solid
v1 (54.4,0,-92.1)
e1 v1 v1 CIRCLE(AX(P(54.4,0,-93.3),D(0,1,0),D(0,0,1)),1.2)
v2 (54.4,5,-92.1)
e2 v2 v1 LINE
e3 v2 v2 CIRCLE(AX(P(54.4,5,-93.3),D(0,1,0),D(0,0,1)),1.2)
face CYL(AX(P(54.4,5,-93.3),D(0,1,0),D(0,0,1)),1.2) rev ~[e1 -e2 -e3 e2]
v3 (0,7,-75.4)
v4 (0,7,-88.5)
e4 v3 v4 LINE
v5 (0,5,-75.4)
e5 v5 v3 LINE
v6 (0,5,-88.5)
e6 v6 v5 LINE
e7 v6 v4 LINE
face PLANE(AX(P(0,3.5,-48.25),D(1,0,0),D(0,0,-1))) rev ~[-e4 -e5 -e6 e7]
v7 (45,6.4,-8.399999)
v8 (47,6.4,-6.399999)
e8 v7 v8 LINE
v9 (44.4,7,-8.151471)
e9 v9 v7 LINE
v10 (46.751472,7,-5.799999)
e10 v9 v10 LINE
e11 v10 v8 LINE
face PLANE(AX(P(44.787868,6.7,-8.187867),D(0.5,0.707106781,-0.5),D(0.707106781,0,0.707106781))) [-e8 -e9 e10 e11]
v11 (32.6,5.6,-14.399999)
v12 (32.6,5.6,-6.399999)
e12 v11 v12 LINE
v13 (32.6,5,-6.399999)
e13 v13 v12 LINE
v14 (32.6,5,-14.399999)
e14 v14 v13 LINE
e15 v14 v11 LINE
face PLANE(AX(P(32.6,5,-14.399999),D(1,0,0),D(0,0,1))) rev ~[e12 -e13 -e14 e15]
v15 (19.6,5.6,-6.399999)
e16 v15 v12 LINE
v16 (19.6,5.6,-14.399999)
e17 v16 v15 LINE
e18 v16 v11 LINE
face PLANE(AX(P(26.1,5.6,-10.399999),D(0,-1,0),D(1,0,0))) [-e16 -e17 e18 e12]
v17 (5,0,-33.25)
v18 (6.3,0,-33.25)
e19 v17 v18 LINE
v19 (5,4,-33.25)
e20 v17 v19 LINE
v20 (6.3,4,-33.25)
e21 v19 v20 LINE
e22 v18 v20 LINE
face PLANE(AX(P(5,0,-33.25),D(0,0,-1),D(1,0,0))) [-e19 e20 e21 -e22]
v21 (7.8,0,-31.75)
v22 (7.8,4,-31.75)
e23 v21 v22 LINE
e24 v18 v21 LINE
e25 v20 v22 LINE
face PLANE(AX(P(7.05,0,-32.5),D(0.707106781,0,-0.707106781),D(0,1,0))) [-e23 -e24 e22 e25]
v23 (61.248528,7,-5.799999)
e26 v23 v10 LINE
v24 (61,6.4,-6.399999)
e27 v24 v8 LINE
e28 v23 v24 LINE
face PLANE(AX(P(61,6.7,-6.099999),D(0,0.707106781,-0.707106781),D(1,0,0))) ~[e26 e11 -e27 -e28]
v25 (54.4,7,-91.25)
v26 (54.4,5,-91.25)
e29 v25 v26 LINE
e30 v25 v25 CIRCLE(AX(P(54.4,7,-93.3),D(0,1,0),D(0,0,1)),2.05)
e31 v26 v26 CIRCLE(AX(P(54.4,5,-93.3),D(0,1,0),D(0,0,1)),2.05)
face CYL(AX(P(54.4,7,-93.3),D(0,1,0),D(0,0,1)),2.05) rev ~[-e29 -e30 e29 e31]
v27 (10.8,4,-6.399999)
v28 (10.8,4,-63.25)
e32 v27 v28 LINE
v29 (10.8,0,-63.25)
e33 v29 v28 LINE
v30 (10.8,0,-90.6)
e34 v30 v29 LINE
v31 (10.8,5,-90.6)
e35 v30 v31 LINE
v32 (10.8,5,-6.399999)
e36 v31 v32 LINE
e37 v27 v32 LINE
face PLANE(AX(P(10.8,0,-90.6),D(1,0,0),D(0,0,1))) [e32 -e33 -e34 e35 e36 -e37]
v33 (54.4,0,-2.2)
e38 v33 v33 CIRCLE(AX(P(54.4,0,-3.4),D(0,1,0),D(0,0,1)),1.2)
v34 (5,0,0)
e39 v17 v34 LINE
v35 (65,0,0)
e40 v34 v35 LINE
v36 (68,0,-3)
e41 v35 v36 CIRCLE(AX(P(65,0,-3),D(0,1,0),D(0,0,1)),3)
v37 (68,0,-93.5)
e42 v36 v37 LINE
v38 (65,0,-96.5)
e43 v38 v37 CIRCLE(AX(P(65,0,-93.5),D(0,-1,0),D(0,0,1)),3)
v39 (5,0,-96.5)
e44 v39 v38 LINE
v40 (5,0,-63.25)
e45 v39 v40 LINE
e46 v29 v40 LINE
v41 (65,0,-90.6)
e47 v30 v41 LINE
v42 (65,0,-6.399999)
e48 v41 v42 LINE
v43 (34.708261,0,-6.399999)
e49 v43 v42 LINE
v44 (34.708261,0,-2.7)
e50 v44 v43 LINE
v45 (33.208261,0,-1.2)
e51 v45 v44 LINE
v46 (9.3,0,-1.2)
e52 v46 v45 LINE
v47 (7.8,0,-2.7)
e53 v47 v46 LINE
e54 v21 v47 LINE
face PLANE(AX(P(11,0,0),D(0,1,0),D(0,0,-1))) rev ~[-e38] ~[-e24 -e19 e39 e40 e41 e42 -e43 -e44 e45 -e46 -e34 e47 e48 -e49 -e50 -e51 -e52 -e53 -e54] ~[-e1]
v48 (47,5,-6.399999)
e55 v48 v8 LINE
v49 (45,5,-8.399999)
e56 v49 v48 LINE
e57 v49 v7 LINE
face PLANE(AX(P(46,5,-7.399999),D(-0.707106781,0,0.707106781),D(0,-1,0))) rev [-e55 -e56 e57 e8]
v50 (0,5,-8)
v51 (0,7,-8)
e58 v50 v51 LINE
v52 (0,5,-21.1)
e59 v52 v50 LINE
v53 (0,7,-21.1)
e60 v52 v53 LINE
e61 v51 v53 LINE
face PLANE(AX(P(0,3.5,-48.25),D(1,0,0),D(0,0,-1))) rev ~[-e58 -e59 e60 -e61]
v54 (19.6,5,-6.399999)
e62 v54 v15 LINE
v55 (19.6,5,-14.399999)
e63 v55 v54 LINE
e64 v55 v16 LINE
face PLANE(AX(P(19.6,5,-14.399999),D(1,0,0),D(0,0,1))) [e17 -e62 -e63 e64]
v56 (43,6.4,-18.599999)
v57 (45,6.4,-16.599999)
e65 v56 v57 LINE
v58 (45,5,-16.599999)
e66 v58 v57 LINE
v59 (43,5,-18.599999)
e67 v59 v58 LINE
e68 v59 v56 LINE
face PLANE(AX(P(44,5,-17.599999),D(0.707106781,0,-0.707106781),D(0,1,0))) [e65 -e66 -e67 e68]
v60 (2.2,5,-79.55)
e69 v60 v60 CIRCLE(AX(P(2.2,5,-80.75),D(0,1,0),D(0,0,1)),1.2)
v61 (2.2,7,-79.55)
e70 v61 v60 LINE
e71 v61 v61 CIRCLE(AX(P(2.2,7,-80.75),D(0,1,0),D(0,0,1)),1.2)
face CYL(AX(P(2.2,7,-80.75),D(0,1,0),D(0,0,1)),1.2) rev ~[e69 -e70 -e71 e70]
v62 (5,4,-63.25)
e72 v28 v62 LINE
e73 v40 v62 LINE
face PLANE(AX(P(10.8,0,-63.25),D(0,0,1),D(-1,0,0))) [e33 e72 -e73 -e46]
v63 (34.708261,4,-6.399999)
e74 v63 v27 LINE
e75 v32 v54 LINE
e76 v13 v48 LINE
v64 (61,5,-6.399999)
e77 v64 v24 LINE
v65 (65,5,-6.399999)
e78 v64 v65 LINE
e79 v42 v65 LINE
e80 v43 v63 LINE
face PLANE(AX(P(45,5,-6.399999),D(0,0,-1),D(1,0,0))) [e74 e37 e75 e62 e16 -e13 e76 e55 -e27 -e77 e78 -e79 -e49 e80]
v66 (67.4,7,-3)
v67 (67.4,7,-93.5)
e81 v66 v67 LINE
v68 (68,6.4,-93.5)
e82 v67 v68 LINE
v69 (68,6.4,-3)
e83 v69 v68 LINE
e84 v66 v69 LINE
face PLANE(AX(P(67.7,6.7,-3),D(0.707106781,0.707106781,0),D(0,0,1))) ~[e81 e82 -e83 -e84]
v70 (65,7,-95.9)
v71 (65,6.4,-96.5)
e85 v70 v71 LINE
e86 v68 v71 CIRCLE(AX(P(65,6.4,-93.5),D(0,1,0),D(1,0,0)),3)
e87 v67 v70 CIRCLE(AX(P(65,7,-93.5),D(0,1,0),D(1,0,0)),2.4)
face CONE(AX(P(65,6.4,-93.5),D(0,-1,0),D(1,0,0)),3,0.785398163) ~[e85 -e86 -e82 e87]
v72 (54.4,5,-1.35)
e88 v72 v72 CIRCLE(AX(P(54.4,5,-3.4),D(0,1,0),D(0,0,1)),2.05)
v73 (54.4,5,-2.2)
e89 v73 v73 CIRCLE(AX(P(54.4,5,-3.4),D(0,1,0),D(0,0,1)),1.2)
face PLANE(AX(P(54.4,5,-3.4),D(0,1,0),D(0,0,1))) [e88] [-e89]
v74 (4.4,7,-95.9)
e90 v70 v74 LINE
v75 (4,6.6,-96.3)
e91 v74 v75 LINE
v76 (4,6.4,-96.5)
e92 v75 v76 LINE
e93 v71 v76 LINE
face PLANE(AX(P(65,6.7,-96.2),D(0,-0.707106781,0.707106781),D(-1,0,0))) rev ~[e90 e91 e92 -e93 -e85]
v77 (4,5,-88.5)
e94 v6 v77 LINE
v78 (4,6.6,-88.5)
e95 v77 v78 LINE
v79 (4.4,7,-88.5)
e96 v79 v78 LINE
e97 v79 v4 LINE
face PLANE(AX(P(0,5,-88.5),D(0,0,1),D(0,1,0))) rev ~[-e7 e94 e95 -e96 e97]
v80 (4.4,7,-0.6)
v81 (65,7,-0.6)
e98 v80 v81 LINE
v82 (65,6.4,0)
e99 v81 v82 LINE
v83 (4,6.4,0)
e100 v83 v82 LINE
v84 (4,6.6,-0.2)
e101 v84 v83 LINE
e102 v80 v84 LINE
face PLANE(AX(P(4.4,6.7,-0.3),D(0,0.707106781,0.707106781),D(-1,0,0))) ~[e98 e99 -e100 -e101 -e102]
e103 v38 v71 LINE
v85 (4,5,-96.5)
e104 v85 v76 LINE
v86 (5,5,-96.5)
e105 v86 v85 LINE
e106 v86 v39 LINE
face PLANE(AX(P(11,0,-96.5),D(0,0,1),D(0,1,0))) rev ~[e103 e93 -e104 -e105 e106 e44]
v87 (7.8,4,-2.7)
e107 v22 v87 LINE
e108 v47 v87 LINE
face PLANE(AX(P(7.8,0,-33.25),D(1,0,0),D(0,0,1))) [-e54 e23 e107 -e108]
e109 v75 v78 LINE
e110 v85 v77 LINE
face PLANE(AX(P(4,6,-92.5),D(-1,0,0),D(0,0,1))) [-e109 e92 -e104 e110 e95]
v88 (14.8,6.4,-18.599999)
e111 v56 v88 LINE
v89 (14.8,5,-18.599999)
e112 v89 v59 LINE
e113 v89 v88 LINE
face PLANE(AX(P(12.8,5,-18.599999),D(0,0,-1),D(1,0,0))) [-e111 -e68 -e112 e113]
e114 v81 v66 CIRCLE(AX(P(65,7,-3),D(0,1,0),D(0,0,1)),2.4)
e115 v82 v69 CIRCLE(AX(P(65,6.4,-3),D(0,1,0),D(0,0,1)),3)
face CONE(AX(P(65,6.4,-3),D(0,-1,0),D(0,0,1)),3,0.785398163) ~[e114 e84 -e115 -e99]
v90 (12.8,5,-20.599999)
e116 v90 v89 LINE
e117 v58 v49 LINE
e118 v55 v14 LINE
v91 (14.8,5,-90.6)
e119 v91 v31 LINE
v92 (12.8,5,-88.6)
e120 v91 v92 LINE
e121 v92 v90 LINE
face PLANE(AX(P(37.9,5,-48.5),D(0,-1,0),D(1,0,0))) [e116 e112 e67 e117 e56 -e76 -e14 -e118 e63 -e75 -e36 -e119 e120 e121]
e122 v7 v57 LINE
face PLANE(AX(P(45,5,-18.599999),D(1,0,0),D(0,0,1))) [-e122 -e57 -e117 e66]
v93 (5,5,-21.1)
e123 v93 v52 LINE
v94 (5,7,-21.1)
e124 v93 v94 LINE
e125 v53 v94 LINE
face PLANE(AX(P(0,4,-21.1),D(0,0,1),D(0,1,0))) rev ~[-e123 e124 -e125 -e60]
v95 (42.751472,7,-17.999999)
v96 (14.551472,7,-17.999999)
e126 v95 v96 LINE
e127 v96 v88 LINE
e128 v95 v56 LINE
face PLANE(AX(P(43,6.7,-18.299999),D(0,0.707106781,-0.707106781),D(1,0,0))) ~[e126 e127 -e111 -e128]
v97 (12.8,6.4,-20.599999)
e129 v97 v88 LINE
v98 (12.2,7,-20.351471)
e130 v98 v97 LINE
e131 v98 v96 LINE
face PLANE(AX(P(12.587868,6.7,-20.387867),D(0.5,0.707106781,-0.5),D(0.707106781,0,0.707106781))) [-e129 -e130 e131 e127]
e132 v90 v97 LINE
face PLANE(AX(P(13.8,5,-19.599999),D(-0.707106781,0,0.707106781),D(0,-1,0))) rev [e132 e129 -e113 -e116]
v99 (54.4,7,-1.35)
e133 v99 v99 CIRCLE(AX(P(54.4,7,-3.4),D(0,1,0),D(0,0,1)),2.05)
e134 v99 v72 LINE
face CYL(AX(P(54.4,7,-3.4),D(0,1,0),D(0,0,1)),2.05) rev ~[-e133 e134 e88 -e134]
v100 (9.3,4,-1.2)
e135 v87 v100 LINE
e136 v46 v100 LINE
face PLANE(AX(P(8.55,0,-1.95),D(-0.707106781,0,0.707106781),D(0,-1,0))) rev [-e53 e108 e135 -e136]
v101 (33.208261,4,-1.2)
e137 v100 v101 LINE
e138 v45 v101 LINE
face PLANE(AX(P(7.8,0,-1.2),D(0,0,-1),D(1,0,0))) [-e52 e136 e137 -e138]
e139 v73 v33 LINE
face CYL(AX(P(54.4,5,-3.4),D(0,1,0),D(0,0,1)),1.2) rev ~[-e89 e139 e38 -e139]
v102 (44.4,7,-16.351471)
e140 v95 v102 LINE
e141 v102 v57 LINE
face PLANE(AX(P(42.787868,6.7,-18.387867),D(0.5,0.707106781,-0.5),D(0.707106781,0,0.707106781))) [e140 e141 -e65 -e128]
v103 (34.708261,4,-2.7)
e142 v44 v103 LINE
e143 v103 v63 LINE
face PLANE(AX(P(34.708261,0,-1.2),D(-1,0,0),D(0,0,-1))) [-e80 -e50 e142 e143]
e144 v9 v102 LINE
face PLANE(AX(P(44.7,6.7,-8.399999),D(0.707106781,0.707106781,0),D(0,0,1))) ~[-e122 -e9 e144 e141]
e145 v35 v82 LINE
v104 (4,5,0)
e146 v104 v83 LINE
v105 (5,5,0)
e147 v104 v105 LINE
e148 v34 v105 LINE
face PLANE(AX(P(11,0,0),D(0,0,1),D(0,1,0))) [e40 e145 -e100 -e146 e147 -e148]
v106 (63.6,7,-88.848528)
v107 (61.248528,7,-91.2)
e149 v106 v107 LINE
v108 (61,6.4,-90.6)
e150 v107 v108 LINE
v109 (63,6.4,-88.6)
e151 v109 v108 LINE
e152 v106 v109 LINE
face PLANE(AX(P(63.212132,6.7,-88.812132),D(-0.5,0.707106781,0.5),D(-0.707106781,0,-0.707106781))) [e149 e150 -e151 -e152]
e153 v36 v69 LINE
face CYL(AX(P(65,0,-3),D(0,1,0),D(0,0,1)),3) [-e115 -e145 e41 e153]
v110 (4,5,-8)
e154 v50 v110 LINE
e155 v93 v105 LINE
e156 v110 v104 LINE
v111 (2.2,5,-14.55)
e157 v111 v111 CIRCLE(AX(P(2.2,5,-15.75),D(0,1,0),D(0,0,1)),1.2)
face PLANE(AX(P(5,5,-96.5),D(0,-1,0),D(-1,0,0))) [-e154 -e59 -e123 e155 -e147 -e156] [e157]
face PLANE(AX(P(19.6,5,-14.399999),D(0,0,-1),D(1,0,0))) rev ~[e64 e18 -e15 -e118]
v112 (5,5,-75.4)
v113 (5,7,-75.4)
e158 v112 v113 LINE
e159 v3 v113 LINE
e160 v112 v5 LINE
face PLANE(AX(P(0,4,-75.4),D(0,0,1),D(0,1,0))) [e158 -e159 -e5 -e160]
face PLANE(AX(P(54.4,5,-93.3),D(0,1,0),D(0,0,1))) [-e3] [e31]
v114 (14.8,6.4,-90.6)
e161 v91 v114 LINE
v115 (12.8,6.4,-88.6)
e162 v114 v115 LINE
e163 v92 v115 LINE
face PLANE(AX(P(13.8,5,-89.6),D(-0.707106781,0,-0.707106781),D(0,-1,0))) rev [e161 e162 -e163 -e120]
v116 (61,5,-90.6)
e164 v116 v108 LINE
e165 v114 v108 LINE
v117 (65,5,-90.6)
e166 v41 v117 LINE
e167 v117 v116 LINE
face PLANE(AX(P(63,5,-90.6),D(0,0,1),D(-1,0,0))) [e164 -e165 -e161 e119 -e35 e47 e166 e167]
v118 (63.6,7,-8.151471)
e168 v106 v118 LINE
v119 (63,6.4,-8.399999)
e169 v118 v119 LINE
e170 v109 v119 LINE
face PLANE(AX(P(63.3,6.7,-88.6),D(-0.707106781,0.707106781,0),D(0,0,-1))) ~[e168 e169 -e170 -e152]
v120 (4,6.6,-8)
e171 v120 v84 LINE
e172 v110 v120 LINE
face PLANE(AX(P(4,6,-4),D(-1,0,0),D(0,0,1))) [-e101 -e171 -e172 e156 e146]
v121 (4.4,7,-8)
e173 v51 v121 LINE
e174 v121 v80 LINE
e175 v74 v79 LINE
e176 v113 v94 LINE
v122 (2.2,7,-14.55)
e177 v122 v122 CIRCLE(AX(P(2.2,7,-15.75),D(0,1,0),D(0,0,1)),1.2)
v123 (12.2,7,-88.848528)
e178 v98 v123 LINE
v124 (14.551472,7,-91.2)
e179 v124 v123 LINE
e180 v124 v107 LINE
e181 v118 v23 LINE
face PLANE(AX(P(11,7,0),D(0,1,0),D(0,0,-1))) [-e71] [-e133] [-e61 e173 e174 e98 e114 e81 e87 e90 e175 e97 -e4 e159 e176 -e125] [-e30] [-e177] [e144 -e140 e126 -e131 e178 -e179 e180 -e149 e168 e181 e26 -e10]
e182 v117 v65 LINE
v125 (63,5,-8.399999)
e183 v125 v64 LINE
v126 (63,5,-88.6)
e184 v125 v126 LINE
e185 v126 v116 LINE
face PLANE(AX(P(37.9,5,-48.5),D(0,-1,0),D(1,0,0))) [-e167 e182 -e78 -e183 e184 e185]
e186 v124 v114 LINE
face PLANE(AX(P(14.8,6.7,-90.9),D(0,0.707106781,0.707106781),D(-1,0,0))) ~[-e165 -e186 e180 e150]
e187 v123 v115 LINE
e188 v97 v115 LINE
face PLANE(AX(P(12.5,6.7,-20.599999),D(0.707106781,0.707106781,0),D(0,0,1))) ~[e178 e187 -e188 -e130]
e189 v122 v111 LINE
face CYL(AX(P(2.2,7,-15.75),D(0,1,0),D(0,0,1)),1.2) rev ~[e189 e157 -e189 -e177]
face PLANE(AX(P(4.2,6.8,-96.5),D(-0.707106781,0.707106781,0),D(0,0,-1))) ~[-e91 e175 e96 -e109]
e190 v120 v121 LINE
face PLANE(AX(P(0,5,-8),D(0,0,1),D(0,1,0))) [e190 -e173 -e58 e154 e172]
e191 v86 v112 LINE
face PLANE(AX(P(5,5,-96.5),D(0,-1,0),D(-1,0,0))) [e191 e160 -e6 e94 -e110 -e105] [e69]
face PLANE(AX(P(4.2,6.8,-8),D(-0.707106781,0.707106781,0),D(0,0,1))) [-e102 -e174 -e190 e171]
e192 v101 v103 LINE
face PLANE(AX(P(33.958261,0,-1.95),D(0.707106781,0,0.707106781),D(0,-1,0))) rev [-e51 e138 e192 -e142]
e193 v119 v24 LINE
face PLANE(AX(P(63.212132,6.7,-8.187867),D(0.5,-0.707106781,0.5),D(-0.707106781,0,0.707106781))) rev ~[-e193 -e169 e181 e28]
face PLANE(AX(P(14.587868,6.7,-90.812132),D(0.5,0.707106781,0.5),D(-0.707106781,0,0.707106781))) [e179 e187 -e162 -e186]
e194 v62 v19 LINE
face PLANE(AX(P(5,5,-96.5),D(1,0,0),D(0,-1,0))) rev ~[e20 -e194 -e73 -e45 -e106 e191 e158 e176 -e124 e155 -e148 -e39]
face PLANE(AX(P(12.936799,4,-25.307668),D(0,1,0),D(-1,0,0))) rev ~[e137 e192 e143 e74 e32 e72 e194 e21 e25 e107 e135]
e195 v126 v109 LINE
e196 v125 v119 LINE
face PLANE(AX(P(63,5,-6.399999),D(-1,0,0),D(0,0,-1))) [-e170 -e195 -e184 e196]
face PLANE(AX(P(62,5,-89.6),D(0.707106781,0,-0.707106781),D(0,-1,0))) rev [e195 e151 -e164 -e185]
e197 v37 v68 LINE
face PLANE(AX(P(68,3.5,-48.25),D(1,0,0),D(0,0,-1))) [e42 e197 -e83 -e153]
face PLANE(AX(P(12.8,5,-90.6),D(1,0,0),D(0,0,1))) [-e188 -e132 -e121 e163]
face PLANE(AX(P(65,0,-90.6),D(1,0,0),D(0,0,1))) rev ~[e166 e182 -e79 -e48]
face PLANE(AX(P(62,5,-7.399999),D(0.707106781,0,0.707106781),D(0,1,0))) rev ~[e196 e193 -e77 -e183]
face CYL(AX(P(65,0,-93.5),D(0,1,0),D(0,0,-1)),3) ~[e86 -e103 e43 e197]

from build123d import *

# Parameters (mm, degrees)
SKETCH_2_W           = 96.5
SKETCH_2_H           = 7
EXTRUDE_1_DEPTH      = 11
SKETCH_6_W           = 5
SKETCH_6_H           = 2.5
CUT_EXTRUDE_3_DEPTH  = 98.376845297
SKETCH_7_W           = 54.3
SKETCH_7_H           = 10
CUT_EXTRUDE_4_DEPTH  = 5
SKETCH_8_R           = 1.2
CUT_EXTRUDE_6_DEPTH  = 98.376845297
SKETCH_10_W          = 96.5
SKETCH_10_H          = 7
EXTRUDE_2_DEPTH      = 57
SKETCH_11_W          = 8
SKETCH_11_H          = 2
CUT_EXTRUDE_7_DEPTH  = 4
CHAMFER_1_SIZE       = 0.4
FILLET_1_R           = 3
SKETCH_12_W          = 54.2
SKETCH_12_H          = 84.200000954
CUT_EXTRUDE_8_DEPTH  = 5
CUT_EXTRUDE_9_DEPTH  = 119.15773356
CHAMFER_2_SIZE       = 2
CHAMFER_3_SIZE       = 0.6
SKETCH_17_W          = 13
SKETCH_17_H          = 8
CUT_EXTRUDE_10_DEPTH = 0.6
CUT_EXTRUDE_11_DEPTH = 4
CHAMFER_4_SIZE       = 1.5
SKETCH_19_R          = 2.05
CUT_EXTRUDE_12_DEPTH = 2
SKETCH_20_R          = 1.2
CUT_EXTRUDE_13_DEPTH = 119.15773356


with BuildPart() as part:
    # 草图2 → 凸台-拉伸1 (new body)
    with BuildSketch(Plane(origin=(0, 0, 0), x_dir=(0, 0, -1), z_dir=(1, 0, 0))):
        with Locations((48.25, 3.5)):
            Rectangle(SKETCH_2_W, SKETCH_2_H)
    extrude(amount=EXTRUDE_1_DEPTH)

    # 草图6 → 切除-拉伸3 (cut, through all)
    with BuildSketch(Plane(origin=(0, 0, -96.5), x_dir=(-1, 0, 0), z_dir=(0, 0, -1))):
        with Locations((-2.5, 3.75)):
            Rectangle(SKETCH_6_W, SKETCH_6_H)
        with Locations((-2.5, 1.25)):
            Rectangle(SKETCH_6_W, SKETCH_6_H)
    extrude(amount=-CUT_EXTRUDE_3_DEPTH, mode=Mode.SUBTRACT)

    # 草图7 → 切除-拉伸4 (cut)
    with BuildSketch(Plane.ZY):
        with Locations((-48.25, 9)):
            Rectangle(SKETCH_7_W, SKETCH_7_H)
    extrude(amount=-CUT_EXTRUDE_4_DEPTH, mode=Mode.SUBTRACT)

    # 草图8 → 切除-拉伸6 (cut, through all)
    with BuildSketch(Plane(origin=(0, 7, 0), x_dir=(1, 0, 0), z_dir=(0, 1, 0))):
        with Locations(Location((2.2, 15.75, 0), (0, 0, 270))):
            Circle(SKETCH_8_R)
        with Locations(Location((2.2, 80.75, 0), (0, 0, 270))):
            Circle(SKETCH_8_R)
    extrude(amount=-CUT_EXTRUDE_6_DEPTH, mode=Mode.SUBTRACT)

    # 草图10 → 凸台-拉伸2 (add)
    with BuildSketch(Plane(origin=(11, 0, 0), x_dir=(0, 0, -1), z_dir=(1, 0, 0))):
        with Locations((48.25, 3.5)):
            Rectangle(SKETCH_10_W, SKETCH_10_H)
    extrude(amount=EXTRUDE_2_DEPTH)

    # 草图11 → 切除-拉伸7 (cut)
    with BuildSketch(Plane.ZY):
        with Locations((-92.5, 6)):
            Rectangle(SKETCH_11_W, SKETCH_11_H)
        with Locations((-4, 6)):
            Rectangle(SKETCH_11_W, SKETCH_11_H)
    extrude(amount=-CUT_EXTRUDE_7_DEPTH, mode=Mode.SUBTRACT)

    # 倒角1
    chamfer_1_edges = [part.edges().sort_by_distance(p)[0] for p in [
        (4, 7, -92.5),
        (4, 7, -4),
    ]]
    chamfer(chamfer_1_edges, length=CHAMFER_1_SIZE)

    # 圆角1
    fillet_1_edges = [part.edges().sort_by_distance(p)[0] for p in [
        (68, 3.5, 0),
        (68, 3.5, -96.5),
    ]]
    fillet(fillet_1_edges, radius=FILLET_1_R)

    # 草图12 → 切除-拉伸8 (cut)
    with BuildSketch(Plane.XZ):
        with Locations((37.9, -48.499999523)):
            Rectangle(SKETCH_12_W, SKETCH_12_H)
    extrude(amount=-CUT_EXTRUDE_8_DEPTH, mode=Mode.SUBTRACT)

    # 草图16 → 切除-拉伸9 (cut, through all)
    with BuildSketch(Plane.XZ.offset(-5)):
        Polygon((45, -6.399999046), (63, -6.399999046), (63, -90.6), (12.8, -90.6), (12.8, -18.599999046), (45, -18.599999046), align=None)
    extrude(amount=-CUT_EXTRUDE_9_DEPTH, mode=Mode.SUBTRACT)

    # 倒角2
    chamfer_2_edges = [part.edges().sort_by_distance(p)[0] for p in [
        (45, 6, -18.599999046),
        (45, 6, -6.399999046),
        (63, 6, -6.399999046),
        (63, 6, -90.6),
        (12.8, 6, -90.6),
        (12.8, 6, -18.599999046),
    ]]
    chamfer(chamfer_2_edges, length=CHAMFER_2_SIZE)

    # 倒角3
    chamfer_3_edges = [part.edges().sort_by_distance(p)[0] for p in [
        (34.7, 7, -96.5),
        (67.121320344, 7, -95.621320344),
        (68, 7, -48.25),
        (67.121320344, 7, -0.878679656),
        (34.7, 7, 0),
        (62, 7, -89.6),
        (63, 7, -48.499999523),
        (62, 7, -7.399999046),
        (54, 7, -6.399999046),
        (46, 7, -7.399999046),
        (45, 7, -12.499999046),
        (44, 7, -17.599999046),
        (37.9, 7, -90.6),
        (13.8, 7, -89.6),
        (12.8, 7, -54.599999523),
        (13.8, 7, -19.599999046),
        (28.9, 7, -18.599999046),
    ]]
    chamfer(chamfer_3_edges, length=CHAMFER_3_SIZE)

    # 草图17 → 切除-拉伸10 (cut)
    with BuildSketch(Plane.XZ.offset(-5)):
        with Locations((26.1, -10.399999046)):
            Rectangle(SKETCH_17_W, SKETCH_17_H)
    extrude(amount=-CUT_EXTRUDE_10_DEPTH, mode=Mode.SUBTRACT)

    # 草图18 → 切除-拉伸11 (cut)
    with BuildSketch(Plane.XZ):
        Polygon((34.708261144, -6.399999046), (10.8, -6.399999046), (10.8, -63.25), (5, -63.25), (5, -33.25), (7.8, -33.25), (7.8, -1.2), (34.708261144, -1.2), align=None)
    extrude(amount=-CUT_EXTRUDE_11_DEPTH, mode=Mode.SUBTRACT)

    # 倒角4
    chamfer_4_edges = [part.edges().sort_by_distance(p)[0] for p in [
        (7.8, 2, -33.25),
        (7.8, 2, -1.2),
        (34.708261144, 2, -1.2),
    ]]
    chamfer(chamfer_4_edges, length=CHAMFER_4_SIZE)

    # 草图19 → 切除-拉伸12 (cut)
    with BuildSketch(Plane(origin=(0, 7, 0), x_dir=(1, 0, 0), z_dir=(0, 1, 0))):
        with Locations(Location((54.4, 3.4, 0), (0, 0, 270))):
            Circle(SKETCH_19_R)
        with Locations(Location((54.4, 93.3, 0), (0, 0, 270))):
            Circle(SKETCH_19_R)
    extrude(amount=-CUT_EXTRUDE_12_DEPTH, mode=Mode.SUBTRACT)

    # 草图20 → 切除-拉伸13 (cut, through all)
    with BuildSketch(Plane(origin=(0, 5, 0), x_dir=(1, 0, 0), z_dir=(0, 1, 0))):
        with Locations(Location((54.4, 3.4, 0), (0, 0, 270))):
            Circle(SKETCH_20_R)
        with Locations(Location((54.4, 93.3, 0), (0, 0, 270))):
            Circle(SKETCH_20_R)
    extrude(amount=-CUT_EXTRUDE_13_DEPTH, mode=Mode.SUBTRACT)


solid = part.part
